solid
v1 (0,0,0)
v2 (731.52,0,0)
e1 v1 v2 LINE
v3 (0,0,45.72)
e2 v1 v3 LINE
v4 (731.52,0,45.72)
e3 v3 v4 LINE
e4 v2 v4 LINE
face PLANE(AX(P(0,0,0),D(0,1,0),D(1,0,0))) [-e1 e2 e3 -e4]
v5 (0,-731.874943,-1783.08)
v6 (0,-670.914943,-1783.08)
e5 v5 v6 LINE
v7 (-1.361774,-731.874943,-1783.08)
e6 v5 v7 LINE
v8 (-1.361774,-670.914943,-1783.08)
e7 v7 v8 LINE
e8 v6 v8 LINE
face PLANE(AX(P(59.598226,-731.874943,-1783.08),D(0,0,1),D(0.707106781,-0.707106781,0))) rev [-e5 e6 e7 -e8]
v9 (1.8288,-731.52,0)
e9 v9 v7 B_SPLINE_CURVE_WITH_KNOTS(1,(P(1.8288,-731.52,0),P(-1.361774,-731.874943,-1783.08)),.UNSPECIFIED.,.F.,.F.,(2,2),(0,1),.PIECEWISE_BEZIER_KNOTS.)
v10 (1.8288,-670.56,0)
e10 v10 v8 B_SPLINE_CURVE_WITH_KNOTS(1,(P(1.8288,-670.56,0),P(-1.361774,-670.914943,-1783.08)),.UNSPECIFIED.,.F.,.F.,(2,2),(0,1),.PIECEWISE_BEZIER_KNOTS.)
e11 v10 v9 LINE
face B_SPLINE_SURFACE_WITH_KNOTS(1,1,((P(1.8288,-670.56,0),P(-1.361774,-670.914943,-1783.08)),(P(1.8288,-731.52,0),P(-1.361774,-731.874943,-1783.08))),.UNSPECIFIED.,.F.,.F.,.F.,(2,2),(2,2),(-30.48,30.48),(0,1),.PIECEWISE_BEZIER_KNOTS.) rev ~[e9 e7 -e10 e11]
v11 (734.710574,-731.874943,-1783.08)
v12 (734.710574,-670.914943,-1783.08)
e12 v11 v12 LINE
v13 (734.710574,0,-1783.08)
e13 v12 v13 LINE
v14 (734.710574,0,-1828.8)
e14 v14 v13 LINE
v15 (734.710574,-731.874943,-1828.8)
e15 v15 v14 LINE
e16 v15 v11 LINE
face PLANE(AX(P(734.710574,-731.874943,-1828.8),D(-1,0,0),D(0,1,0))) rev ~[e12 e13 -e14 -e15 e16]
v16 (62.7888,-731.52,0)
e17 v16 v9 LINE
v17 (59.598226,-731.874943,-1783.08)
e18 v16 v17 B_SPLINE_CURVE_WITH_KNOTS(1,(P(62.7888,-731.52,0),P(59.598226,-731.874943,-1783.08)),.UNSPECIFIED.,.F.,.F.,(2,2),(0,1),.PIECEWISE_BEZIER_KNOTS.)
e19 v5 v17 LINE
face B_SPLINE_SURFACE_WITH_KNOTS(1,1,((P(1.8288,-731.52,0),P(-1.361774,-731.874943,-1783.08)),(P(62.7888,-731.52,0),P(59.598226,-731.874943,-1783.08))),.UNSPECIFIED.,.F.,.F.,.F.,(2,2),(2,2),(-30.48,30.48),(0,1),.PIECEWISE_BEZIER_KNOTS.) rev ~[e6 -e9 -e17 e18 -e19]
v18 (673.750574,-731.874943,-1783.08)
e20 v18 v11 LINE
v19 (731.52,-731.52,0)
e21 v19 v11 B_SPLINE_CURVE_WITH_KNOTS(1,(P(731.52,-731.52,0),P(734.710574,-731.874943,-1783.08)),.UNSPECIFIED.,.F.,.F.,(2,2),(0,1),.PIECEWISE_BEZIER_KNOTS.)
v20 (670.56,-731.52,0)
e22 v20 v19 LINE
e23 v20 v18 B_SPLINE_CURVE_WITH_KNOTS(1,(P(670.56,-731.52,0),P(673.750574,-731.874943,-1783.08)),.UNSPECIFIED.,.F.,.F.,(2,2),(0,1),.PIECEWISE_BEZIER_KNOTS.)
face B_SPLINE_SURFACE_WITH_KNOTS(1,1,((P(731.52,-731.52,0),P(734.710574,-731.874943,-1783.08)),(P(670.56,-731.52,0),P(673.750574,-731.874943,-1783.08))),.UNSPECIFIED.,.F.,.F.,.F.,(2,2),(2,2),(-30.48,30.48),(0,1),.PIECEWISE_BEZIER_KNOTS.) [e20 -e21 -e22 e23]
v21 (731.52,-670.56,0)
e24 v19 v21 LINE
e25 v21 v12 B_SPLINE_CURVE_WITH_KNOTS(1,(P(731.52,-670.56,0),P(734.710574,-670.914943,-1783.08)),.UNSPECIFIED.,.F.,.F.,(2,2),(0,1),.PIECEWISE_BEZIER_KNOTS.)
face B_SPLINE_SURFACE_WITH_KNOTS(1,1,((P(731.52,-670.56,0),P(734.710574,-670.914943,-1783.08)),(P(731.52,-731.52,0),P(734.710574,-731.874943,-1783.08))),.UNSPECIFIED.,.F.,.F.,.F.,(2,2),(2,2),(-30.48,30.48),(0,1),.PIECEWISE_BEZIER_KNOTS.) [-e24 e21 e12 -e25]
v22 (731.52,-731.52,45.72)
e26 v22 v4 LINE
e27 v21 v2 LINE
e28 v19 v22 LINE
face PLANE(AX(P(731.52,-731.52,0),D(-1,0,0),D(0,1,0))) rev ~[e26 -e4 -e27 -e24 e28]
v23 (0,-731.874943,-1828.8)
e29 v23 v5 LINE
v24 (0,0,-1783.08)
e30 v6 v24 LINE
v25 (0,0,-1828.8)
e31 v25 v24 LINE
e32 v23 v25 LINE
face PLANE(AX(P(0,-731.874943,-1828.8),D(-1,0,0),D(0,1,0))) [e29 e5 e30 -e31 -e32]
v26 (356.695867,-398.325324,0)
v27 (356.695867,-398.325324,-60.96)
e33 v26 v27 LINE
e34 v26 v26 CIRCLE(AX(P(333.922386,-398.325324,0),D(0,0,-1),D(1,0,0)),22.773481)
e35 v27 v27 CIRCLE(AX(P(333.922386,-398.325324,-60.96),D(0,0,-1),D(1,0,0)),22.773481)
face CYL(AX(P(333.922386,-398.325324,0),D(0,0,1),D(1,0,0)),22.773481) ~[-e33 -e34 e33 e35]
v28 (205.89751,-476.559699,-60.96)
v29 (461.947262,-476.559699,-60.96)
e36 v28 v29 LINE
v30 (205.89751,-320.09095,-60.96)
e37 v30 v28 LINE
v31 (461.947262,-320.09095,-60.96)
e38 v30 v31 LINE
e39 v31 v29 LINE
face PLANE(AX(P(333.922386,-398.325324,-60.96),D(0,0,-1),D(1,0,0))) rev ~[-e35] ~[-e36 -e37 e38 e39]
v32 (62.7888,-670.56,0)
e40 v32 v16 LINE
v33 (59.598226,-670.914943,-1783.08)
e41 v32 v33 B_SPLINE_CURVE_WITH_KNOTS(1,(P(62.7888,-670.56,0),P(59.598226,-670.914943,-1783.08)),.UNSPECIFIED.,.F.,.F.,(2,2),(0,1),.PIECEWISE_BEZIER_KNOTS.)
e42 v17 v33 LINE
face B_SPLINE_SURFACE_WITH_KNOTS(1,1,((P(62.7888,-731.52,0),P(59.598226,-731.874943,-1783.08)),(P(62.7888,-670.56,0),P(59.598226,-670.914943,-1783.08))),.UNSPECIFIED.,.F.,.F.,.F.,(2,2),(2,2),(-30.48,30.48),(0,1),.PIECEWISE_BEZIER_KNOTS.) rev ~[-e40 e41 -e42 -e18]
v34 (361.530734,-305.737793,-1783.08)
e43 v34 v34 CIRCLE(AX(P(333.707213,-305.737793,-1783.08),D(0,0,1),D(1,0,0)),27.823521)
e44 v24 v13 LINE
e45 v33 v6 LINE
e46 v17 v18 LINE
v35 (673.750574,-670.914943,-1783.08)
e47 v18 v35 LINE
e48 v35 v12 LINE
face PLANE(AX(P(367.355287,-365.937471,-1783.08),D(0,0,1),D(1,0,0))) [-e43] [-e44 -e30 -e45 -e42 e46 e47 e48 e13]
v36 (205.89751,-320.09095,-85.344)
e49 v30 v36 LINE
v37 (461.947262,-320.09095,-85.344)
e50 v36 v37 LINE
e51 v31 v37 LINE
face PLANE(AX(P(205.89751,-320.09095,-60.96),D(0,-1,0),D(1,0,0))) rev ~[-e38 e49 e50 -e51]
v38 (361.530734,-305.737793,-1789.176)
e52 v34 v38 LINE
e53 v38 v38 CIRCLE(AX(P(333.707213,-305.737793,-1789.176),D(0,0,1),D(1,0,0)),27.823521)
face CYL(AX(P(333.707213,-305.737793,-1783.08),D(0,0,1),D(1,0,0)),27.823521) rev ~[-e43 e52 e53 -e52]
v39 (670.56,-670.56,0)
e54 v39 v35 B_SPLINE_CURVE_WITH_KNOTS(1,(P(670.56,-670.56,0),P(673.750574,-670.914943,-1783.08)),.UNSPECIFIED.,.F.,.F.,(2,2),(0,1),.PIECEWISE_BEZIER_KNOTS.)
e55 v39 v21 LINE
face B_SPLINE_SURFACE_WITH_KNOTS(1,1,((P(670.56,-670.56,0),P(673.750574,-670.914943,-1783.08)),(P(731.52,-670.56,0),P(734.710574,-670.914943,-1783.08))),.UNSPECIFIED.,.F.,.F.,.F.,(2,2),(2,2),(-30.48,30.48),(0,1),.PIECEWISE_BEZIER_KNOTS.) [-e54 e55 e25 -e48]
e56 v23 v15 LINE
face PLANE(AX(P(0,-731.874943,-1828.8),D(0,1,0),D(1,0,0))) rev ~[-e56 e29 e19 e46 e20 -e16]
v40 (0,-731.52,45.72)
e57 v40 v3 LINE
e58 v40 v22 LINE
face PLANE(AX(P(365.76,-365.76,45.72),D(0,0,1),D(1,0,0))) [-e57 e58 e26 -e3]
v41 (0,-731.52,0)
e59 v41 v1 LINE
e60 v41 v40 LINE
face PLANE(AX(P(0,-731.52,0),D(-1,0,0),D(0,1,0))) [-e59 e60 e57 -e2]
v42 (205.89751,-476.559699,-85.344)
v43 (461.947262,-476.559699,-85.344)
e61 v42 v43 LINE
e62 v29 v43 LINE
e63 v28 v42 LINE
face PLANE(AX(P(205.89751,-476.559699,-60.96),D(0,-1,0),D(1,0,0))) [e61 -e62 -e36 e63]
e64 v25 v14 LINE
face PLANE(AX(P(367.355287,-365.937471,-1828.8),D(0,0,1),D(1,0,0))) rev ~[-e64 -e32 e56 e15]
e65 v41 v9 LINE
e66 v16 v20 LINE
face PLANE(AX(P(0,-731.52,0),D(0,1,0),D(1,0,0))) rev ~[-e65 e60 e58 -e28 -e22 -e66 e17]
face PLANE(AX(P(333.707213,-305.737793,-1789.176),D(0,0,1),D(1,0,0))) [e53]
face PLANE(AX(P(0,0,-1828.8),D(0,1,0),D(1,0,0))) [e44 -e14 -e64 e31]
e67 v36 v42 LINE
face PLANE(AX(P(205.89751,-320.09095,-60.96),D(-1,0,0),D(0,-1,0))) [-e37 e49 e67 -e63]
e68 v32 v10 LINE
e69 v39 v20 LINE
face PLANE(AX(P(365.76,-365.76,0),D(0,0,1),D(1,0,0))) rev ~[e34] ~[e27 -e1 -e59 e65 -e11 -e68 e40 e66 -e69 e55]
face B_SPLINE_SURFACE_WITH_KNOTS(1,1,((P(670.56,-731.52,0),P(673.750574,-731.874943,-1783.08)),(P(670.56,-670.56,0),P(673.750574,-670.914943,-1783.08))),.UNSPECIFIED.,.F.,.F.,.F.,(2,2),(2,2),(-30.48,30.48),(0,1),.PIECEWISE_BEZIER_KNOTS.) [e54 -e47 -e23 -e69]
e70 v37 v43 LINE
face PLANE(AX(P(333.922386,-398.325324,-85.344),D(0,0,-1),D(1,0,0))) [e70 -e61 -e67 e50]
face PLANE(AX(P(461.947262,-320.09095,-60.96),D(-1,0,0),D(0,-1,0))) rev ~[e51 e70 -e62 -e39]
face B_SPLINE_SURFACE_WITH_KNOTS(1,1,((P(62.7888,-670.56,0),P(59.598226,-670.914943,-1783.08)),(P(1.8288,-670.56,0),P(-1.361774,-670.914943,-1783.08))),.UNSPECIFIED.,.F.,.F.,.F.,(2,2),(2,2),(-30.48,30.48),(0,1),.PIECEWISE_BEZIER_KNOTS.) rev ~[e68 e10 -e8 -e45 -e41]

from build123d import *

# Parameters (mm, degrees)
F0_W      = 731.52
F0_H      = 731.52
F1_DEPTH  = 45.72
F3_W      = 734.7105741501
F3_H      = 731.8749427795
F4_DEPTH  = 45.72
F5_W      = 60.96
F5_H      = 60.96
F6_W      = 60.96
F6_H      = 60.96
F12_R     = 27.8235207136
F13_DEPTH = 6.096
F14_R     = 22.7734806104
F15_DEPTH = 60.96
F16_W     = 256.0497522354
F16_H     = 156.4687490463
F16_R     = 22.7734806104
F17_DEPTH = 24.384


with BuildPart() as f1:
    # F0 (on Top) → F1 (new body)
    with BuildSketch(Plane.XY):
        with Locations((365.76, -365.76)):
            Rectangle(F0_W, F0_H)
    extrude(amount=F1_DEPTH)

    # F14 (on face) → F15 (join)
    with BuildSketch(Plane(origin=(0, 0, 0), x_dir=(1, 0, 0), z_dir=(0, 0, -1))):
        with Locations((333.9223861694, 398.3253240585)):
            Circle(F14_R)
    extrude(amount=F15_DEPTH)



with BuildPart() as f4:
    # F3 (on offset) → F4 (new body)
    with BuildSketch(Plane.XY.offset(-1828.8)):
        with Locations((367.355287075, -365.9374713898)):
            Rectangle(F3_W, F3_H)
    extrude(amount=F4_DEPTH)

    # F12 (on face) → F13 (cut)
    with BuildSketch(Plane.XY.offset(-1783.08)):
        with Locations((333.7072134018, -305.7377934456)):
            Circle(F12_R)
    extrude(amount=-F13_DEPTH, mode=Mode.SUBTRACT)


with BuildPart() as f7:
    # F5 (on face) → F7 section 0
    with BuildSketch(Plane(origin=(0, 0, 0), x_dir=(1, 0, 0), z_dir=(0, 0, -1))):
        with Locations((701.04, 701.04)):
            Rectangle(F5_W, F5_H)
    # F6 (on face) → F7 section 1
    with BuildSketch(Plane.XY.offset(-1783.08)):
        with Locations((704.2305741501, -701.3949427795)):
            Rectangle(F6_W, F6_H)
    loft()


with BuildPart() as f8_1:
    # F8: instance of F7
    add(f7.part.mirror(Plane.YZ))


with BuildPart() as f11_1:
    # F11: instance of F7
    add(f7.part.mirror(Plane.YZ.offset(366.6744)))


with BuildPart() as f1_1:
    add(f1.part)

    add(f4.part)  # F17 merges F4

    add(f7.part)  # F17 merges F7

    add(f11_1.part)  # F17 merges F11_1
    # F16 (on face) → F17 (join)
    with BuildSketch(Plane(origin=(0, 0, -60.96), x_dir=(1, 0, 0), z_dir=(0, 0, -1))):
        with Locations((333.9223861694, 398.3253240585)):
            Rectangle(F16_W, F16_H)
        with Locations((333.9223861694, 398.3253240585)):
            Circle(F16_R, mode=Mode.SUBTRACT)
        with Locations((333.9223861694, 398.3253240585)):
            Circle(F16_R)
    extrude(amount=F17_DEPTH)


solid = f1_1.part
